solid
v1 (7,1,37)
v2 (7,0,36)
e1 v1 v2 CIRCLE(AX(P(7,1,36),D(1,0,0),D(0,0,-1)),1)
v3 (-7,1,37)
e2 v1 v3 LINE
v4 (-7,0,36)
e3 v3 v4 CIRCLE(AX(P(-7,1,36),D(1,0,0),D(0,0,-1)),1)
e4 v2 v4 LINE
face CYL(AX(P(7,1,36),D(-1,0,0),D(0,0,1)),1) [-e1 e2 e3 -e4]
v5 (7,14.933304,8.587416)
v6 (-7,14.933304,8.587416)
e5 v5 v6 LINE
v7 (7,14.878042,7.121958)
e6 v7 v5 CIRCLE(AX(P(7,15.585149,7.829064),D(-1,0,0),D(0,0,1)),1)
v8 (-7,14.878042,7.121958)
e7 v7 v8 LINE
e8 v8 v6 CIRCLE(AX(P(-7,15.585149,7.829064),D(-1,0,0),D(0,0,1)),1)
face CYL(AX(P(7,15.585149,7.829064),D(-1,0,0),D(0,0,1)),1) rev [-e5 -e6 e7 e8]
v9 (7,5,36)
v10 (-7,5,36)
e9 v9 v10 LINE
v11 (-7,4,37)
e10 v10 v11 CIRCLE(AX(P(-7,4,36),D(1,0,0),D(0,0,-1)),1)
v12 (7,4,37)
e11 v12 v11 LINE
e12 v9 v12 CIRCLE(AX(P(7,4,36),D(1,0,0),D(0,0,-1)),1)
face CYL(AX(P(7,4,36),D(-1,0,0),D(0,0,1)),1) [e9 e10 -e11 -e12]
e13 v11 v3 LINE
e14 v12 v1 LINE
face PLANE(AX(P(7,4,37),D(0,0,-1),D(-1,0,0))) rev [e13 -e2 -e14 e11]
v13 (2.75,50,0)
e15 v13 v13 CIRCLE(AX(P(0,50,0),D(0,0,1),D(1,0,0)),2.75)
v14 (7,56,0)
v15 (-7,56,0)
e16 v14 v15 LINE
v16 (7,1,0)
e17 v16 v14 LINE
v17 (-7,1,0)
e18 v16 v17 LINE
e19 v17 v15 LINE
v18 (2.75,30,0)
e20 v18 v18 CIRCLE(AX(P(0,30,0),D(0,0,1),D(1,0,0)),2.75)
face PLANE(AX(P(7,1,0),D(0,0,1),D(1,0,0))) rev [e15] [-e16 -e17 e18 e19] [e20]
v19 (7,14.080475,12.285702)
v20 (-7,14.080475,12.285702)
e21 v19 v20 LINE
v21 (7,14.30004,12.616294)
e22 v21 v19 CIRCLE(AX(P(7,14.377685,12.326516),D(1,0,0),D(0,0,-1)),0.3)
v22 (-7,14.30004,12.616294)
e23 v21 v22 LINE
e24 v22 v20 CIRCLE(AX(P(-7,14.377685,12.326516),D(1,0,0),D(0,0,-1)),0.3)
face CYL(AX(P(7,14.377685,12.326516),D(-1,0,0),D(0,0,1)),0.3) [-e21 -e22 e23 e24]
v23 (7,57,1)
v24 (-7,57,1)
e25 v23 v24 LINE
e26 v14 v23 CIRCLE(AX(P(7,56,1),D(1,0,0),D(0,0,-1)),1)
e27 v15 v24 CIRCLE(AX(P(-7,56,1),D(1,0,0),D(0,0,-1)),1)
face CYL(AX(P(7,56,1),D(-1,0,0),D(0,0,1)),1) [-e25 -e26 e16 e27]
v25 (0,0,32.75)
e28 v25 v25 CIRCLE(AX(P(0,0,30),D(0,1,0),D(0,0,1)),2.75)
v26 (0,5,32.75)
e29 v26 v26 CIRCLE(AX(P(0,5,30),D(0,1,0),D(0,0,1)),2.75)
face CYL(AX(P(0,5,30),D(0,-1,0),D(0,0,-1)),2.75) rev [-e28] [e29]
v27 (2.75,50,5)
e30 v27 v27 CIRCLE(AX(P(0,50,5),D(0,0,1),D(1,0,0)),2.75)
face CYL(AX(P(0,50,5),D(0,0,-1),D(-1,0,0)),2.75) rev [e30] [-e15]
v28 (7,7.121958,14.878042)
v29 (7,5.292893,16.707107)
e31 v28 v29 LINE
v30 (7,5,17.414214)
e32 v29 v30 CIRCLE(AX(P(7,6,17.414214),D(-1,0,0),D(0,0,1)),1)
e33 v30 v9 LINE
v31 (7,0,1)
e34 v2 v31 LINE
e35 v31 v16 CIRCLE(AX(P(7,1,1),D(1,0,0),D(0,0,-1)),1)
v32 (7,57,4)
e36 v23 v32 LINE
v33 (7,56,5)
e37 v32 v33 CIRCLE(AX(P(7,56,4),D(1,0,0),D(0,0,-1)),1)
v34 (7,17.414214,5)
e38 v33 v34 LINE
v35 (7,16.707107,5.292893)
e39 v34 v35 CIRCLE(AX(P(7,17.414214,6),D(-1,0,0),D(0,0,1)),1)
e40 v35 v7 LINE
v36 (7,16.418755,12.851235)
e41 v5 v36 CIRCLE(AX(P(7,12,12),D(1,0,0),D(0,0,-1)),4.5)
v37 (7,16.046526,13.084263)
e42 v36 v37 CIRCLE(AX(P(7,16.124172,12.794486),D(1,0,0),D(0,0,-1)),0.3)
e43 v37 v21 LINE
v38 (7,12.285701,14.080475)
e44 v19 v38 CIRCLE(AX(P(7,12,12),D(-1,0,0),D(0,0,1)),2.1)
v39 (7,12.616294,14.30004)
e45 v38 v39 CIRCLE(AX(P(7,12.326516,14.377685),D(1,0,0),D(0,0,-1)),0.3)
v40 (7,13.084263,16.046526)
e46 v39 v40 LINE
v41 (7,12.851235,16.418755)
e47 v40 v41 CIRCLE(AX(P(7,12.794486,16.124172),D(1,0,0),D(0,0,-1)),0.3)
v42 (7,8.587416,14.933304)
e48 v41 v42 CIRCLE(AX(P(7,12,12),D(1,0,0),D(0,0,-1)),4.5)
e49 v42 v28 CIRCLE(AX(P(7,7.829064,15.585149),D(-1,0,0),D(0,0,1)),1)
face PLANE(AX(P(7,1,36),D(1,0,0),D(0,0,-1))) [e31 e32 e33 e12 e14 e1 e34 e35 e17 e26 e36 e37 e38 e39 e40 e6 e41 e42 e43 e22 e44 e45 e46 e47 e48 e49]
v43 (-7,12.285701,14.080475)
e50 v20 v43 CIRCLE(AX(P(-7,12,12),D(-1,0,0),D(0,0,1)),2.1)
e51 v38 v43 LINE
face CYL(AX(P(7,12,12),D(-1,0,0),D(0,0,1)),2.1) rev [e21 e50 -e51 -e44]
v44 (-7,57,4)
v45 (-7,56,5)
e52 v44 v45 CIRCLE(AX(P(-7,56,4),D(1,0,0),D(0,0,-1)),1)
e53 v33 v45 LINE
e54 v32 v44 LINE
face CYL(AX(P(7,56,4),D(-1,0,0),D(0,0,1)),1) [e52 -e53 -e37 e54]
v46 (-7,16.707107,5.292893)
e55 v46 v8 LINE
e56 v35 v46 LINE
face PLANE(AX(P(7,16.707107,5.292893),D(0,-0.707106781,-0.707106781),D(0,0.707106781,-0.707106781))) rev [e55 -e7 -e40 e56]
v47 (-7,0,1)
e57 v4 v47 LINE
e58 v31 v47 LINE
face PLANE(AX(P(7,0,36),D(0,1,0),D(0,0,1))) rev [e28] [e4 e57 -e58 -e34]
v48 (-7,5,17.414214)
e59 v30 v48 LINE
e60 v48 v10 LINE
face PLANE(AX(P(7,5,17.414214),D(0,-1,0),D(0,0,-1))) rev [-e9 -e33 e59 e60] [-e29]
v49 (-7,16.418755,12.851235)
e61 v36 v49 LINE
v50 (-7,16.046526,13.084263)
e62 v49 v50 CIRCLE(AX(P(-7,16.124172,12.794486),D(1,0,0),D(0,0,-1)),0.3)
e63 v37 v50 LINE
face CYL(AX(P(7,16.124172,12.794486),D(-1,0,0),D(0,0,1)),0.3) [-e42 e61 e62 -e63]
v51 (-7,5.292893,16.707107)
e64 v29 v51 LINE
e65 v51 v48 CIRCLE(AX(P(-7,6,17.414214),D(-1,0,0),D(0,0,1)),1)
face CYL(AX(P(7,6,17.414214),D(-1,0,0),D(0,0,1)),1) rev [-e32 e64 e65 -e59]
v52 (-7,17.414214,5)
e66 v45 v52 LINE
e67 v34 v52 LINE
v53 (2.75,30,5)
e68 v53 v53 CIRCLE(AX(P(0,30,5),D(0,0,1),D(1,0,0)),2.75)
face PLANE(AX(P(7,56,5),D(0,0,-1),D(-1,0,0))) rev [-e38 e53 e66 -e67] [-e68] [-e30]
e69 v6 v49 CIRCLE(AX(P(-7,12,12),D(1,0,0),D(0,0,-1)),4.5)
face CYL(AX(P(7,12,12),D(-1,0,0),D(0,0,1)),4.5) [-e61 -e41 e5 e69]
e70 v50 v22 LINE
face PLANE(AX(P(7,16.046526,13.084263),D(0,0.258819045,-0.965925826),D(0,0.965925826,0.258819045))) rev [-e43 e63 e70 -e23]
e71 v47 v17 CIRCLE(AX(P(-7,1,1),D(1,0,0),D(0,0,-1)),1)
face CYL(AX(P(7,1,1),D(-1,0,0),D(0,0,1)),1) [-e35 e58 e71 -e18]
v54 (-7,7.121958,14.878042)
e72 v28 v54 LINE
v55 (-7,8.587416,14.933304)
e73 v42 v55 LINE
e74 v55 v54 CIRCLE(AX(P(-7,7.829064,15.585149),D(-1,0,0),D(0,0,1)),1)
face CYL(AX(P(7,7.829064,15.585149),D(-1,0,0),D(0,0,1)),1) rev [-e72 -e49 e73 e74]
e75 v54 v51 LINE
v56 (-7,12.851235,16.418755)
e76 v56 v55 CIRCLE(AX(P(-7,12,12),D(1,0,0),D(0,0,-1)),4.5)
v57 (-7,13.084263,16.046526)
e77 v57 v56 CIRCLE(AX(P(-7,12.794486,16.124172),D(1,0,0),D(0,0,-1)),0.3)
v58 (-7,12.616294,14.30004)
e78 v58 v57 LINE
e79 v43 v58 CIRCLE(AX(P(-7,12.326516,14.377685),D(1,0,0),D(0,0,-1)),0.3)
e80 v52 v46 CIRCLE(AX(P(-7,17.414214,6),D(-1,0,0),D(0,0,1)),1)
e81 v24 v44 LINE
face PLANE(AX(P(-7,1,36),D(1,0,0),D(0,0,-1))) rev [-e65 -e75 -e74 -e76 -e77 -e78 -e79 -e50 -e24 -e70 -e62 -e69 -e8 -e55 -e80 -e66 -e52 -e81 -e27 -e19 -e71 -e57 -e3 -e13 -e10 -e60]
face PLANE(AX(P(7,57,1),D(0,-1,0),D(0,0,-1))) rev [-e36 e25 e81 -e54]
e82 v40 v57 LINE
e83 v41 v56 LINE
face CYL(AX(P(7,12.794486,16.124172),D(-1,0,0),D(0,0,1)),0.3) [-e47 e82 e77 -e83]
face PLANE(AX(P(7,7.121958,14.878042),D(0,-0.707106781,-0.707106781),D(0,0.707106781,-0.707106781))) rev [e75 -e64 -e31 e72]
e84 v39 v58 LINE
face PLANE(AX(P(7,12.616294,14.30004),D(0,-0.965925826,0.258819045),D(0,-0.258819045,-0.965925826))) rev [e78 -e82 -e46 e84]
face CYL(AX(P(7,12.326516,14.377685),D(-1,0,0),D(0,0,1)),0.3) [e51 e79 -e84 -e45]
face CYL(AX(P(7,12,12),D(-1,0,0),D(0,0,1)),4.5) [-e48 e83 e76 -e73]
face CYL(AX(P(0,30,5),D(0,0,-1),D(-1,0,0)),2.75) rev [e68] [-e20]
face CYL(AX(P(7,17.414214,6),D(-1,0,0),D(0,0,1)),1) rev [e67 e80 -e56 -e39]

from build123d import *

# Parameters (mm, degrees)
BOSS_EXTRUDE1_DEPTH      = 7
BOSS_EXTRUDE1_DEPTH_BACK = 7
SKETCH2_R                = 2.75
CUT_EXTRUDE1_DEPTH       = 5
SKETCH3_R                = 2.75
CUT_EXTRUDE2_DEPTH       = 5
SKETCH4_R                = 2.75
CUT_EXTRUDE3_DEPTH       = 5


with BuildPart() as part:
    # Sketch1 → Boss-Extrude1 (new, two sides: drawn at the far end of the back side and taken through both)
    with BuildSketch(Plane(origin=(0, 0, 0), x_dir=(0, 0, -1), z_dir=(1, 0, 0)).offset(-BOSS_EXTRUDE1_DEPTH_BACK)):
        with BuildLine():
            Line((-36, 0), (-1, 0))
            ThreePointArc((-1, 0), (-0.292893219, 0.292893219), (0, 1))
            Line((0, 1), (0, 56))
            ThreePointArc((0, 56), (-0.292893219, 56.707106781), (-1, 57))
            Line((-1, 57), (-4, 57))
            ThreePointArc((-4, 57), (-4.707106781, 56.707106781), (-5, 56))
            Line((-5, 56), (-5, 17.414213562))
            ThreePointArc((-5, 17.414213562), (-5.076120467, 17.03153013), (-5.292893219, 16.707106781))
            Line((-5.292893219, 16.707106781), (-7.121957509, 14.878042491))
            ThreePointArc((-7.121957509, 14.878042491), (-7.866746852, 14.585859512), (-8.587416263, 14.93330398))
            ThreePointArc((-8.587416263, 14.93330398), (-10.519537583, 16.249497739), (-12.851234525, 16.418755456))
            ThreePointArc((-12.851234525, 16.418755456), (-13.048766707, 16.283360738), (-13.084263382, 16.046526031))
            Line((-13.084263382, 16.046526031), (-12.616293745, 14.300039569))
            ThreePointArc((-12.616293745, 14.300039569), (-12.492491512, 14.127781044), (-12.285701536, 14.080474617))
            ThreePointArc((-12.285701536, 14.080474617), (-10.515075746, 10.515075773), (-14.080474622, 12.285701498))
            ThreePointArc((-14.080474622, 12.285701498), (-14.127781033, 12.492491496), (-14.300039569, 12.616293745))
            Line((-14.300039569, 12.616293745), (-16.046526031, 13.084263382))
            ThreePointArc((-16.046526031, 13.084263382), (-16.283360688, 13.048766739), (-16.418755434, 12.851234641))
            ThreePointArc((-16.418755434, 12.851234641), (-16.249497766, 10.51953766), (-14.933304014, 8.587416292))
            ThreePointArc((-14.933304014, 8.587416292), (-14.585859513, 7.866746874), (-14.878042491, 7.121957509))
            Line((-14.878042491, 7.121957509), (-16.707106781, 5.292893219))
            ThreePointArc((-16.707106781, 5.292893219), (-17.03153013, 5.076120467), (-17.414213562, 5))
            Line((-17.414213562, 5), (-36, 5))
            ThreePointArc((-36, 5), (-36.707106781, 4.707106781), (-37, 4))
            Line((-37, 4), (-37, 1))
            ThreePointArc((-37, 1), (-36.707106781, 0.292893219), (-36, 0))
        make_face()
    extrude(amount=BOSS_EXTRUDE1_DEPTH + BOSS_EXTRUDE1_DEPTH_BACK)

    # Sketch2 → Cut-Extrude1 (cut)
    with BuildSketch(Plane.XY):
        with Locations((0, 30)):
            Circle(SKETCH2_R)
    extrude(amount=CUT_EXTRUDE1_DEPTH, mode=Mode.SUBTRACT)

    # Sketch3 → Cut-Extrude2 (cut)
    with BuildSketch(Plane.XY):
        with Locations((0, 50)):
            Circle(SKETCH3_R)
    extrude(amount=CUT_EXTRUDE2_DEPTH, mode=Mode.SUBTRACT)

    # Sketch4 → Cut-Extrude3 (cut)
    with BuildSketch(Plane(origin=(0, 0, 0), x_dir=(1, 0, 0), z_dir=(0, 1, 0))):
        with Locations((0, -30)):
            Circle(SKETCH4_R)
    extrude(amount=CUT_EXTRUDE3_DEPTH, mode=Mode.SUBTRACT)


solid = part.part
